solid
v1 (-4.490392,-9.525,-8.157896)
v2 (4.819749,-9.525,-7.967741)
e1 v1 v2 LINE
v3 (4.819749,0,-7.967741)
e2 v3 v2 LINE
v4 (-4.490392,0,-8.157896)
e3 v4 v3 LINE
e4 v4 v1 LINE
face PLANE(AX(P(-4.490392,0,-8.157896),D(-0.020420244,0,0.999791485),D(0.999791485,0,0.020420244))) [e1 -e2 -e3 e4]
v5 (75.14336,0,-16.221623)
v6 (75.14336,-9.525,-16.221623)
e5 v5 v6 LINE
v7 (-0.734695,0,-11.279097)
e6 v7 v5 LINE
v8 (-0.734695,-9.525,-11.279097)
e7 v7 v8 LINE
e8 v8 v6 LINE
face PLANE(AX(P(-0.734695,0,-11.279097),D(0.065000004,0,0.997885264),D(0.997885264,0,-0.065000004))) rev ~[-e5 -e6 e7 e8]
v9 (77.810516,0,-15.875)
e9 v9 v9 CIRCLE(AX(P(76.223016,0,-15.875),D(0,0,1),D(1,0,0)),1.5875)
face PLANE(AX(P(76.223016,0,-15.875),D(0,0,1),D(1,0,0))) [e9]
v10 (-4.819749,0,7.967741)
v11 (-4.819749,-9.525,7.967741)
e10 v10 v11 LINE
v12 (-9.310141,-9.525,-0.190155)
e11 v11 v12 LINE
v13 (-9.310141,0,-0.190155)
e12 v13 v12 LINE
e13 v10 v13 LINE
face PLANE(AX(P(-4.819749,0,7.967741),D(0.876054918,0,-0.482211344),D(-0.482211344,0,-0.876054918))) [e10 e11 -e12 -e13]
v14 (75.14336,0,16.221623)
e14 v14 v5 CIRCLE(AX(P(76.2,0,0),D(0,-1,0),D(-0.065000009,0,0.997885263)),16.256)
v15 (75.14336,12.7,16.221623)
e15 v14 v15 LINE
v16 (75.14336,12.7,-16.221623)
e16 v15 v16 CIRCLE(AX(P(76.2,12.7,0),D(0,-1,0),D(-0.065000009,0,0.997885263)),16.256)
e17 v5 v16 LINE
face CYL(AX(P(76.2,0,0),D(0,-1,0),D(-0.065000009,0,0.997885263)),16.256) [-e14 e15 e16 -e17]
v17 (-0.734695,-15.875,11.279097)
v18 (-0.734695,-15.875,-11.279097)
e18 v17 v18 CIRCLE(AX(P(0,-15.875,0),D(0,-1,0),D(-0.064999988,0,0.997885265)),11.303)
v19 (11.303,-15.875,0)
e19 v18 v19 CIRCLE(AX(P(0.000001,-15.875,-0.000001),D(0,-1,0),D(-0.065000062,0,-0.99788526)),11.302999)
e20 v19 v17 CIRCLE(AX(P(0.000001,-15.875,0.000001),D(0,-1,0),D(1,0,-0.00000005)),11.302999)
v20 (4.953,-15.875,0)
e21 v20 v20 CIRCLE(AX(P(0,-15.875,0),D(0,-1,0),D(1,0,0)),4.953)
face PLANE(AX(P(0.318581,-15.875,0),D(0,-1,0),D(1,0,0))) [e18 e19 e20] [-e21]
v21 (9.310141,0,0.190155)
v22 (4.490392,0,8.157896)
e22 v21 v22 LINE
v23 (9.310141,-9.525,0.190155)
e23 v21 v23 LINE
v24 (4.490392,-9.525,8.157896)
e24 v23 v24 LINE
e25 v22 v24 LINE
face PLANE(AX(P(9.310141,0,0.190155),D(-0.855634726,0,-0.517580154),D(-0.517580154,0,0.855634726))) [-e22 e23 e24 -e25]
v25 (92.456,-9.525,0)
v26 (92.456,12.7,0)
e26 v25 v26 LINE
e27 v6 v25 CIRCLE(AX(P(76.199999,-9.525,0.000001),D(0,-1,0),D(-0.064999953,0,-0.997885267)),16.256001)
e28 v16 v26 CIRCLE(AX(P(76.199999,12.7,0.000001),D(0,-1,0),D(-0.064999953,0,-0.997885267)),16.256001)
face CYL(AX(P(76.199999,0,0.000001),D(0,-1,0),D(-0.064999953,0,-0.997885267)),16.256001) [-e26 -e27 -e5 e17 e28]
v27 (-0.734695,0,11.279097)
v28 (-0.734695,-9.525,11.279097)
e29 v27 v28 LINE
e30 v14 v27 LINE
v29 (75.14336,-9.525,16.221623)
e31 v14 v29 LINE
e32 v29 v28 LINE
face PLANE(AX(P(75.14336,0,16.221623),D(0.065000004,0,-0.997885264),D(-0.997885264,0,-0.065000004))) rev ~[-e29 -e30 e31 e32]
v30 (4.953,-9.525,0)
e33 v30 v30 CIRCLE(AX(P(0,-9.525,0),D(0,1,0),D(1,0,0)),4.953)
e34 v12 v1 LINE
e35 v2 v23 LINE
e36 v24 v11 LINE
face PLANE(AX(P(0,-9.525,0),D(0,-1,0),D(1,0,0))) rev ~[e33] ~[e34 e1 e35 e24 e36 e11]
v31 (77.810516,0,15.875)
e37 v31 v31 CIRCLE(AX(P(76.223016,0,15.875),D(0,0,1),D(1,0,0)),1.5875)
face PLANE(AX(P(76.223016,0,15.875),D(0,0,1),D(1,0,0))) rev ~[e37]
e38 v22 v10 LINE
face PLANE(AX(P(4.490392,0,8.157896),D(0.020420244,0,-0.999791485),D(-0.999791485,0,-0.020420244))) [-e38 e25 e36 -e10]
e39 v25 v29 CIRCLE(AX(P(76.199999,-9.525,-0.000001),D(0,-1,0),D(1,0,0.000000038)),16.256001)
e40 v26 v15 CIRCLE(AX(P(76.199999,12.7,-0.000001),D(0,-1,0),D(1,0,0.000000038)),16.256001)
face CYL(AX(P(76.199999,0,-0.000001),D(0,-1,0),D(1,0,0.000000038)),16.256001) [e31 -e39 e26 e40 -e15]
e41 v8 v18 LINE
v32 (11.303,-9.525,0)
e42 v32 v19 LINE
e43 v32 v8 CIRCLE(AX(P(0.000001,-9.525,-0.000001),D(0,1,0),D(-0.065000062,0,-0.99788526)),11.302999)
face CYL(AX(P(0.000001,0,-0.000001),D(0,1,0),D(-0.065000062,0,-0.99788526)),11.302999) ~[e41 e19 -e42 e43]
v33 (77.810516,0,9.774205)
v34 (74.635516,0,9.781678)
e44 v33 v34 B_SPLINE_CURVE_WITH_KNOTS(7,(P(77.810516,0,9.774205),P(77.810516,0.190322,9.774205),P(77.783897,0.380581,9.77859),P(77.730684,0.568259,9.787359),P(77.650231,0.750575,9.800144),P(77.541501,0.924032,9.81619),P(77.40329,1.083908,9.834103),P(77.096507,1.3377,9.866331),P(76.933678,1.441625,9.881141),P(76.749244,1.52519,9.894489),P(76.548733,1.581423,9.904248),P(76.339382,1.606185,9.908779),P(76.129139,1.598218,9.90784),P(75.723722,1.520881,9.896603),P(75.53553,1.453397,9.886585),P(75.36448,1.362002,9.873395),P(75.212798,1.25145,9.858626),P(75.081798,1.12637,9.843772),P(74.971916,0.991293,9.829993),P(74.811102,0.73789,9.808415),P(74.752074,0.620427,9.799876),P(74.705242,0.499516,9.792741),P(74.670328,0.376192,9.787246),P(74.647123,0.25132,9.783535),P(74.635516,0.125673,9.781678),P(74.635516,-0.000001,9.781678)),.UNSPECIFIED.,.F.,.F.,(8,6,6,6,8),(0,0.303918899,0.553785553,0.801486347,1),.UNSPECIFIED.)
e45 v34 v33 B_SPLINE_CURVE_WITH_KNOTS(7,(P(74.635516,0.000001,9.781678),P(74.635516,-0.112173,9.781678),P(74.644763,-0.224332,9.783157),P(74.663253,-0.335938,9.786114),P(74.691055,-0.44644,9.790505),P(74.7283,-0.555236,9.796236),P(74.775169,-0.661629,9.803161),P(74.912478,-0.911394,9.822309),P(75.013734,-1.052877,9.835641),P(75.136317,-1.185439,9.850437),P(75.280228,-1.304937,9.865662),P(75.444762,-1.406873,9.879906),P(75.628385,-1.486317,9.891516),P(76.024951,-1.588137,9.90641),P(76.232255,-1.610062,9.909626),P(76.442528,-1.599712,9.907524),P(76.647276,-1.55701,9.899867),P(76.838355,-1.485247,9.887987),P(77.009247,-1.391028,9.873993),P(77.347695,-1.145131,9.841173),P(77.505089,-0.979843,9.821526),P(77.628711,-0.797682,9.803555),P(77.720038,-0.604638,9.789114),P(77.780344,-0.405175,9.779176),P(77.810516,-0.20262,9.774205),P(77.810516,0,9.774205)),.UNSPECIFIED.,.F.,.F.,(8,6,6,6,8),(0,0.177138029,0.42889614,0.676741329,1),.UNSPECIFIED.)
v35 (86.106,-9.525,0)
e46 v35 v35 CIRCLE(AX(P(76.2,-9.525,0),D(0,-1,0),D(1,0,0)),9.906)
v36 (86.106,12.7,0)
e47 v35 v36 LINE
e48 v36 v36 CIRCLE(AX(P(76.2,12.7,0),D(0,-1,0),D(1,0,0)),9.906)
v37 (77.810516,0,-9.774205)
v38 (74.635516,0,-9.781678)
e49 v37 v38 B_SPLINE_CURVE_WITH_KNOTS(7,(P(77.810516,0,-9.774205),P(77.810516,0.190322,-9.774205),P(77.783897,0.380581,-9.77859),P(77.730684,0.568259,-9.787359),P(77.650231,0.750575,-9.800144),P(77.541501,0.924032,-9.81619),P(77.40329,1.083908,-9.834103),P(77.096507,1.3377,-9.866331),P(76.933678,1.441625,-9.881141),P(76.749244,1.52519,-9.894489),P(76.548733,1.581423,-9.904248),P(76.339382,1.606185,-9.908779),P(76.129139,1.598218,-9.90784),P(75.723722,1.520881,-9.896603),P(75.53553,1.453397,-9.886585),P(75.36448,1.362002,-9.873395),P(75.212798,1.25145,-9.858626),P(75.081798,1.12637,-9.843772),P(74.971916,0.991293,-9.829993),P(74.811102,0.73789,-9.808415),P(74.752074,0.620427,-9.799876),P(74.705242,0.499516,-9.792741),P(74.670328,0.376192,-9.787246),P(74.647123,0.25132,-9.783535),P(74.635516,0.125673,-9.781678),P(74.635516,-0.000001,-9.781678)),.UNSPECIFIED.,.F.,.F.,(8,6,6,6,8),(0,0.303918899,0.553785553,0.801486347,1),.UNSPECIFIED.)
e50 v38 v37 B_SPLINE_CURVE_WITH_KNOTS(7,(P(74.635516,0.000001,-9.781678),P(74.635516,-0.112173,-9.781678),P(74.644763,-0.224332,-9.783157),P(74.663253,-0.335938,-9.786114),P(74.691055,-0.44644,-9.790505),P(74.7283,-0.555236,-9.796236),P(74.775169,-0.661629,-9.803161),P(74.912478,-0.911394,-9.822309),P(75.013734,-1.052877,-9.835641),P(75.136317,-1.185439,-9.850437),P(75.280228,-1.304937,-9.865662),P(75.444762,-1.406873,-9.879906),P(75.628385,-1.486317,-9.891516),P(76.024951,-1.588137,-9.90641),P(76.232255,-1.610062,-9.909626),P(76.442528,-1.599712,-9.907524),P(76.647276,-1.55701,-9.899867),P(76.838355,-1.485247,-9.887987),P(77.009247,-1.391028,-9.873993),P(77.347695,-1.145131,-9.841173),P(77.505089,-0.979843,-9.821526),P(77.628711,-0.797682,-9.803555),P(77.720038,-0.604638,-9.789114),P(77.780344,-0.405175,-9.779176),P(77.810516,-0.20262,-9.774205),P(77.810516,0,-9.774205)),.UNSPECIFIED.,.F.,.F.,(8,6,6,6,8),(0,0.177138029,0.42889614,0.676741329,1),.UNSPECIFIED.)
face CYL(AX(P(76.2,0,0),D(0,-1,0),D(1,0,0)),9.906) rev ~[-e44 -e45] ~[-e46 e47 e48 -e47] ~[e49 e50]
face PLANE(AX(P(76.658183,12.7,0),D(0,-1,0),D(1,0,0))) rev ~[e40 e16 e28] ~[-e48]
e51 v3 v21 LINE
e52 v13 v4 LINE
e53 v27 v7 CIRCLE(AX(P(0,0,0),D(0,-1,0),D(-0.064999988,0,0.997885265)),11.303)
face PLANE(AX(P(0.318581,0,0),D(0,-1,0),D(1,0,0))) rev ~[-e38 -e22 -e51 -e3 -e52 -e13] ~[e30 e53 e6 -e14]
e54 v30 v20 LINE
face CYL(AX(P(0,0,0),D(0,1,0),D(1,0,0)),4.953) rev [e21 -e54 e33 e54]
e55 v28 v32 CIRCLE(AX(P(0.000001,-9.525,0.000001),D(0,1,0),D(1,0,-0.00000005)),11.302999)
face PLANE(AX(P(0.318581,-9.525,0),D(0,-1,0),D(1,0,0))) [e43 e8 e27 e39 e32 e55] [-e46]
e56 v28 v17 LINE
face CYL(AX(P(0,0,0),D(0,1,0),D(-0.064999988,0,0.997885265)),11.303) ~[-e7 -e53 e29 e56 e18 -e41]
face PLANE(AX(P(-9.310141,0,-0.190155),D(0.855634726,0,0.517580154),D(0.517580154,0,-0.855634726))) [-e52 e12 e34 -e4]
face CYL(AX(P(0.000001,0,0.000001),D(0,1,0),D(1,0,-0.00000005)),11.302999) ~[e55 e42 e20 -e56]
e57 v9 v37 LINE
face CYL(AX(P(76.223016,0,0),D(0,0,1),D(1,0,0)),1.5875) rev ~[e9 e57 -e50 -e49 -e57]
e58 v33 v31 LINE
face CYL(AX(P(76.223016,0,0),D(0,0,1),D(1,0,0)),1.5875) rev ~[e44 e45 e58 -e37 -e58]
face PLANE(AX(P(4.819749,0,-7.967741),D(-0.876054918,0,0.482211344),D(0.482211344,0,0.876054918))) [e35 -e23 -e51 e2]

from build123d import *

# Parameters (mm, degrees)
F0_R     = 4.953
F1_DEPTH = 15.875
F0_R_2   = 9.906
F2_DEPTH = 9.525
F3_DEPTH = 12.7
F5_DEPTH = 9.525
F6_R     = 1.5875
F7_DEPTH = 15.875


with BuildPart() as f1:
    # F0 (on Front) → F1 (new body)
    with BuildSketch(Plane.XZ):
        with BuildLine():
            ThreePointArc((-0.734695, -11.279097), (7.72831, -8.248093), (11.303, 0))
            ThreePointArc((11.303, 0), (7.72831, 8.248093), (-0.734695, 11.279097))
            ThreePointArc((-0.734695, 11.279097), (-11.303, 0), (-0.734695, -11.279097))
        make_face()
        Circle(F0_R, mode=Mode.SUBTRACT)
    extrude(amount=F1_DEPTH)

    # F0 (on Front) → F2 (join)
    with BuildSketch(Plane.XZ):
        with BuildLine():
            ThreePointArc((-0.734695, -11.279097), (7.72831, -8.248093), (11.303, 0))
            ThreePointArc((11.303, 0), (7.72831, 8.248093), (-0.734695, 11.279097))
            ThreePointArc((-0.734695, 11.279097), (-11.303, 0), (-0.734695, -11.279097))
        make_face()
        Circle(F0_R, mode=Mode.SUBTRACT)
        with BuildLine():
            ThreePointArc((-0.734695, 11.279097), (7.72831, 8.248093), (11.303, 0))
            ThreePointArc((11.303, 0), (7.72831, -8.248093), (-0.734695, -11.279097))
            Line((-0.734695, -11.279097), (75.14336, -16.221623))
            ThreePointArc((75.14336, -16.221623), (59.944, 0), (75.14336, 16.221623))
            Line((75.14336, 16.221623), (-0.734695, 11.279097))
        make_face()
        with BuildLine():
            ThreePointArc((92.456, 0), (87.314873, 11.862425), (75.14336, 16.221623))
            ThreePointArc((75.14336, 16.221623), (59.944, 0), (75.14336, -16.221623))
            ThreePointArc((75.14336, -16.221623), (87.314873, -11.862425), (92.456, 0))
        make_face()
        with Locations((76.2, 0)):
            Circle(F0_R_2, mode=Mode.SUBTRACT)
    extrude(amount=F2_DEPTH)

    # F0 (on Front) → F3 (join)
    with BuildSketch(Plane.XZ):
        with BuildLine():
            ThreePointArc((92.456, 0), (87.314873, 11.862425), (75.14336, 16.221623))
            ThreePointArc((75.14336, 16.221623), (59.944, 0), (75.14336, -16.221623))
            ThreePointArc((75.14336, -16.221623), (87.314873, -11.862425), (92.456, 0))
        make_face()
        with Locations((76.2, 0)):
            Circle(F0_R_2, mode=Mode.SUBTRACT)
    extrude(amount=-F3_DEPTH)

    # F4 (on Front) → F5 (cut)
    with BuildSketch(Plane.XZ):
        Polygon((-4.819749, 7.967741), (-9.310141, -0.190155), (-4.490392, -8.157896), (4.819749, -7.967741), (9.310141, 0.190155), (4.490392, 8.157896), align=None)
    extrude(amount=F5_DEPTH, mode=Mode.SUBTRACT)

    # F6 (on Top) → F7 (cut, symmetric)
    with BuildSketch(Plane.XY):
        with Locations((76.223016, 0)):
            Circle(F6_R)
    extrude(amount=F7_DEPTH, both=True, mode=Mode.SUBTRACT)


solid = f1.part
